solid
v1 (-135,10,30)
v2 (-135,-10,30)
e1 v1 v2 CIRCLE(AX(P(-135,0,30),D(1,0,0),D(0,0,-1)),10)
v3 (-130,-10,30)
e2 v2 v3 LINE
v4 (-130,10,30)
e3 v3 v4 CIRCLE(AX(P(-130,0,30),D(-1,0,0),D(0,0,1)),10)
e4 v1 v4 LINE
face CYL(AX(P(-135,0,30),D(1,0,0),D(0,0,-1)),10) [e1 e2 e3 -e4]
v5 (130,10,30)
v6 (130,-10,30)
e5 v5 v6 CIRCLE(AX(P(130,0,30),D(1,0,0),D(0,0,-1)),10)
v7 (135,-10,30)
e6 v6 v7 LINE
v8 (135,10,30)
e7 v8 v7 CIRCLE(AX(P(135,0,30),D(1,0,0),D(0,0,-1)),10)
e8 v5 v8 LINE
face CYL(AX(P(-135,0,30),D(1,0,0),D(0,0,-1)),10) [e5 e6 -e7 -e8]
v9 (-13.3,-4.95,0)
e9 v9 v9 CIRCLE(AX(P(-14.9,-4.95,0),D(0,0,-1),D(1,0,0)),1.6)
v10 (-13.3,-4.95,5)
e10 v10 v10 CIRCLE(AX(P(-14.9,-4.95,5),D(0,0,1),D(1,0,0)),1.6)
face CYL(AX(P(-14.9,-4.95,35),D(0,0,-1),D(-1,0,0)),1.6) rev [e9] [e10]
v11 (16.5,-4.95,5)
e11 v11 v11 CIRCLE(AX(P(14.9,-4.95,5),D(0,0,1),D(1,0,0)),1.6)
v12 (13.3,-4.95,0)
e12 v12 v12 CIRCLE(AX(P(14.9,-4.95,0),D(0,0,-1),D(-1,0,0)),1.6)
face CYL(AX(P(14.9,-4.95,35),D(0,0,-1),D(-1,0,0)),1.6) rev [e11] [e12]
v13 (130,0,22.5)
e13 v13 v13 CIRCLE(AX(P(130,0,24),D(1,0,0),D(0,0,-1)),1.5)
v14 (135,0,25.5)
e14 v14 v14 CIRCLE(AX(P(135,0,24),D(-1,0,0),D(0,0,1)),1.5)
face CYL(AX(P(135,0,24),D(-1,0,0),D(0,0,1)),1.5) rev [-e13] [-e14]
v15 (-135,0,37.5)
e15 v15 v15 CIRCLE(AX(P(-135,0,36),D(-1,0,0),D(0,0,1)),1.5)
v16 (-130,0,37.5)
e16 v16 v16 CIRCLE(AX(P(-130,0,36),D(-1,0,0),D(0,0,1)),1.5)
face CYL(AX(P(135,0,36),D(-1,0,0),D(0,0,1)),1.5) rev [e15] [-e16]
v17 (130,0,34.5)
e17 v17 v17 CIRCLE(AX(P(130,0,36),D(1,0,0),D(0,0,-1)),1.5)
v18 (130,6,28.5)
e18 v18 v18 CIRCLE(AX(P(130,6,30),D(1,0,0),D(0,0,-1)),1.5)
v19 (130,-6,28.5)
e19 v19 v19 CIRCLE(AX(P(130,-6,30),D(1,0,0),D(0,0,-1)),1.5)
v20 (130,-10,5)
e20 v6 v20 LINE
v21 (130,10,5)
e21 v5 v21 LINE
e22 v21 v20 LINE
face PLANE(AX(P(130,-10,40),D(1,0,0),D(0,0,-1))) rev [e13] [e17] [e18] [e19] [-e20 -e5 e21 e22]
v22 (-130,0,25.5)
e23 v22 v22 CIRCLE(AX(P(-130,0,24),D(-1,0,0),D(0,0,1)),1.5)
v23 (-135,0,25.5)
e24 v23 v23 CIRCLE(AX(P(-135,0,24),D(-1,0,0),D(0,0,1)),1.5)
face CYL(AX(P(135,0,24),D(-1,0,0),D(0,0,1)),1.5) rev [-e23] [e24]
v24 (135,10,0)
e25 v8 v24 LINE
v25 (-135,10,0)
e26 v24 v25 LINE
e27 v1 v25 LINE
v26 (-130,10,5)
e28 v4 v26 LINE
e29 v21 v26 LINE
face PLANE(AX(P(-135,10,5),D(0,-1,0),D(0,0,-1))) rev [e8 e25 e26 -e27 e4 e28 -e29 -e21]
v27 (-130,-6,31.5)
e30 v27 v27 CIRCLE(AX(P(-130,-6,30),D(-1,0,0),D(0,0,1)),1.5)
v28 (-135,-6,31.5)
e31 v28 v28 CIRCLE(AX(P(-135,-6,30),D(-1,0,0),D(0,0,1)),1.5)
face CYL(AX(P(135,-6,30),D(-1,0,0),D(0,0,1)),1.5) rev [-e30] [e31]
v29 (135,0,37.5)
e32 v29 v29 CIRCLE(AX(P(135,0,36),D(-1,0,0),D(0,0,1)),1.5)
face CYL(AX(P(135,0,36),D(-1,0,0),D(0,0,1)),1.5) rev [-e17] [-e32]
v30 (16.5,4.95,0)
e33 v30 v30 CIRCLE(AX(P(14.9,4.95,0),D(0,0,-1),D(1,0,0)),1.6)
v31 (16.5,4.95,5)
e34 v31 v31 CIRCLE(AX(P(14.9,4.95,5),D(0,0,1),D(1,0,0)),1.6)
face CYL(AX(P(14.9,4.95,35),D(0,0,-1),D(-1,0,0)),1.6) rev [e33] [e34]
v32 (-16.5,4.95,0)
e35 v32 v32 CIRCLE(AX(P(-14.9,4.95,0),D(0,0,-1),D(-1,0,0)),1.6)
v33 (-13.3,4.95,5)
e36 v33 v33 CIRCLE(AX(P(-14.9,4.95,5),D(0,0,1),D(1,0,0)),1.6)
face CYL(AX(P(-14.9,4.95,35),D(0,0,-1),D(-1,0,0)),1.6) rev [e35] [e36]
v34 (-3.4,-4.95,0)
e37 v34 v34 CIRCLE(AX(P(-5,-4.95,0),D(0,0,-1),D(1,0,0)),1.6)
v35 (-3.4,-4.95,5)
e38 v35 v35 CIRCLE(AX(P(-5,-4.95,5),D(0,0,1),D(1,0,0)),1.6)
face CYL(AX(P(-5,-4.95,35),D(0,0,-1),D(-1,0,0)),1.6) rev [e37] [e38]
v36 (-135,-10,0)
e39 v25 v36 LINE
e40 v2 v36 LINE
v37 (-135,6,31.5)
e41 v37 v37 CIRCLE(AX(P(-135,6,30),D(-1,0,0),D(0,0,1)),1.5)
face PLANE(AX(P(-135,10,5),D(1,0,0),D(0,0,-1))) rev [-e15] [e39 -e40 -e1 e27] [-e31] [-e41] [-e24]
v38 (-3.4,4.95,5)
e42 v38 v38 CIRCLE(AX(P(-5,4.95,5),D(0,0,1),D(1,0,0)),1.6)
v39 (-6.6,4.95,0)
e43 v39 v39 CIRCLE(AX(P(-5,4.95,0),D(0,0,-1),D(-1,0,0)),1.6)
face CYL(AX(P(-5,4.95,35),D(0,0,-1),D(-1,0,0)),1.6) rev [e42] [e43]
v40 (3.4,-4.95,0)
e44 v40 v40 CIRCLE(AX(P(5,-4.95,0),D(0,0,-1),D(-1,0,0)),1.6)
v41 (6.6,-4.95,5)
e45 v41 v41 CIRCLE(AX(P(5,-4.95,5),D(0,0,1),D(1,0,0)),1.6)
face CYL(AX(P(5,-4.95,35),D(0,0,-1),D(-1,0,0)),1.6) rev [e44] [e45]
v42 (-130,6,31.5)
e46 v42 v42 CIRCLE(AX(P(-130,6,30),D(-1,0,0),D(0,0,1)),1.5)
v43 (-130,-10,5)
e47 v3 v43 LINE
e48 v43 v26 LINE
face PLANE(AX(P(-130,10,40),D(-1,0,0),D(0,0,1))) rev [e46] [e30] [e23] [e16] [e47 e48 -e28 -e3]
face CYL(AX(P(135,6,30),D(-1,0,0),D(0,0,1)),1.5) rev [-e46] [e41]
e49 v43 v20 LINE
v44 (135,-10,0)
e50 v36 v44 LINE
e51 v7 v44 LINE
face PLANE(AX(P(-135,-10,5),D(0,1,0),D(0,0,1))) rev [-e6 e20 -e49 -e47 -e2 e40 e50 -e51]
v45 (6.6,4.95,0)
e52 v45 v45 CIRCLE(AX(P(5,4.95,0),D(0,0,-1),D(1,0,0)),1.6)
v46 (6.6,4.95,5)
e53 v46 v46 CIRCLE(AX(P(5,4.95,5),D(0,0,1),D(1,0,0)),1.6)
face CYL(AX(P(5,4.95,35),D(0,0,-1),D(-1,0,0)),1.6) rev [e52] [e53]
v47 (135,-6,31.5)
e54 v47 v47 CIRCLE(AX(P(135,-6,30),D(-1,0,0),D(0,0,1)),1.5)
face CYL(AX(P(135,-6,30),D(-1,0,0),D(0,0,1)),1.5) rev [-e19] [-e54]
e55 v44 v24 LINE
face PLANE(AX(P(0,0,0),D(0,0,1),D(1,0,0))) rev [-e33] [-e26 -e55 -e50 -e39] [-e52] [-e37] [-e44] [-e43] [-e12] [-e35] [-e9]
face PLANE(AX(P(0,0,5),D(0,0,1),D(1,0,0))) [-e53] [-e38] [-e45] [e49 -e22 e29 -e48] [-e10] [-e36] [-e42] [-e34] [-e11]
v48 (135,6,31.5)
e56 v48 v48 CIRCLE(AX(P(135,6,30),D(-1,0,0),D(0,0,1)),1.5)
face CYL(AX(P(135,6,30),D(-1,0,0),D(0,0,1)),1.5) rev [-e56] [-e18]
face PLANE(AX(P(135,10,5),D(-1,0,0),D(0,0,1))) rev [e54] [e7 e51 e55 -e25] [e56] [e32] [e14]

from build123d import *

# Parameters (mm, degrees)
SKETCH_1_W          = 270
SKETCH_1_H          = 20
EXTRUDE_1_DEPTH     = 5
SKETCH_2_W          = 5
SKETCH_2_H          = 20
EXTRUDE_2_DEPTH     = 35
SKETCH_3_W          = 5
SKETCH_3_H          = 20
EXTRUDE_3_DEPTH     = 35
SKETCH_4_R          = 1.6
CUT_EXTRUDE_1_DEPTH = 35
CUT_EXTRUDE_2_DEPTH = 274.130005675
SKETCH_6_R          = 1.5
CUT_EXTRUDE_3_DEPTH = 274.130005675


with BuildPart() as part:
    # 草图1 → 凸台-拉伸1 (new body)
    with BuildSketch(Plane.XY):
        Rectangle(SKETCH_1_W, SKETCH_1_H)
    extrude(amount=EXTRUDE_1_DEPTH)

    # 草图2 → 凸台-拉伸2 (add)
    with BuildSketch(Plane.XY.offset(5)):
        with Locations((-132.5, 0)):
            Rectangle(SKETCH_2_W, SKETCH_2_H)
    extrude(amount=EXTRUDE_2_DEPTH)

    # 草图3 → 凸台-拉伸3 (add)
    with BuildSketch(Plane.XY.offset(5)):
        with Locations((132.5, 0)):
            Rectangle(SKETCH_3_W, SKETCH_3_H)
    extrude(amount=EXTRUDE_3_DEPTH)

    # 草图4 → 切除-拉伸1 (cut)
    with BuildSketch(Plane(origin=(0, 0, 0), x_dir=(-1, 0, 0), z_dir=(0, 0, -1))):
        with Locations((5, 4.95)):
            Circle(SKETCH_4_R)
        with Locations((14.9, 4.95)):
            Circle(SKETCH_4_R)
        with Locations(Location((-14.9, 4.95, 0), (0, 0, 180))):
            Circle(SKETCH_4_R)
        with Locations(Location((-5, 4.95, 0), (0, 0, 180))):
            Circle(SKETCH_4_R)
        with Locations(Location((14.9, -4.95, 0), (0, 0, 180))):
            Circle(SKETCH_4_R)
        with Locations(Location((5, -4.95, 0), (0, 0, 180))):
            Circle(SKETCH_4_R)
        with Locations((-5, -4.95)):
            Circle(SKETCH_4_R)
        with Locations((-14.9, -4.95)):
            Circle(SKETCH_4_R)
    extrude(amount=-CUT_EXTRUDE_1_DEPTH, mode=Mode.SUBTRACT)

    # 草图5 → 切除-拉伸2 (cut, through all)
    with BuildSketch(Plane(origin=(135, 0, 0), x_dir=(0, 0, -1), z_dir=(1, 0, 0))):
        with BuildLine():
            ThreePointArc((-40, 0), (-37.071067812, 7.071067812), (-30, 10))
            Line((-30, 10), (-40, 10))
            Line((-40, 10), (-40, 0))
        make_face()
        with BuildLine():
            ThreePointArc((-30, -10), (-37.071067812, -7.071067812), (-40, 0))
            Line((-40, 0), (-40, -10))
            Line((-40, -10), (-30, -10))
        make_face()
    extrude(amount=-CUT_EXTRUDE_2_DEPTH, mode=Mode.SUBTRACT)

    # 草图6 → 切除-拉伸3 (cut, through all)
    with BuildSketch(Plane.ZY.offset(135)):
        with BuildLine():
            ThreePointArc((31.5, -6), (31.060660172, -4.939339828), (30, -4.5))
            Line((30, -4.5), (30, -7.5))
            ThreePointArc((30, -7.5), (31.060660172, -7.060660172), (31.5, -6))
        make_face()
        with BuildLine():
            Line((30, -7.5), (30, -4.5))
            ThreePointArc((30, -4.5), (28.5, -6), (30, -7.5))
        make_face()
        with Locations((24, 0)):
            Circle(SKETCH_6_R)
        with Locations((36, 0)):
            Circle(SKETCH_6_R)
        with BuildLine():
            ThreePointArc((31.5, 6), (31.060660172, 7.060660172), (30, 7.5))
            Line((30, 7.5), (30, 4.5))
            ThreePointArc((30, 4.5), (31.060660172, 4.939339828), (31.5, 6))
        make_face()
        with BuildLine():
            Line((30, 4.5), (30, 7.5))
            ThreePointArc((30, 7.5), (28.5, 6), (30, 4.5))
        make_face()
    extrude(amount=-CUT_EXTRUDE_3_DEPTH, mode=Mode.SUBTRACT)


solid = part.part
